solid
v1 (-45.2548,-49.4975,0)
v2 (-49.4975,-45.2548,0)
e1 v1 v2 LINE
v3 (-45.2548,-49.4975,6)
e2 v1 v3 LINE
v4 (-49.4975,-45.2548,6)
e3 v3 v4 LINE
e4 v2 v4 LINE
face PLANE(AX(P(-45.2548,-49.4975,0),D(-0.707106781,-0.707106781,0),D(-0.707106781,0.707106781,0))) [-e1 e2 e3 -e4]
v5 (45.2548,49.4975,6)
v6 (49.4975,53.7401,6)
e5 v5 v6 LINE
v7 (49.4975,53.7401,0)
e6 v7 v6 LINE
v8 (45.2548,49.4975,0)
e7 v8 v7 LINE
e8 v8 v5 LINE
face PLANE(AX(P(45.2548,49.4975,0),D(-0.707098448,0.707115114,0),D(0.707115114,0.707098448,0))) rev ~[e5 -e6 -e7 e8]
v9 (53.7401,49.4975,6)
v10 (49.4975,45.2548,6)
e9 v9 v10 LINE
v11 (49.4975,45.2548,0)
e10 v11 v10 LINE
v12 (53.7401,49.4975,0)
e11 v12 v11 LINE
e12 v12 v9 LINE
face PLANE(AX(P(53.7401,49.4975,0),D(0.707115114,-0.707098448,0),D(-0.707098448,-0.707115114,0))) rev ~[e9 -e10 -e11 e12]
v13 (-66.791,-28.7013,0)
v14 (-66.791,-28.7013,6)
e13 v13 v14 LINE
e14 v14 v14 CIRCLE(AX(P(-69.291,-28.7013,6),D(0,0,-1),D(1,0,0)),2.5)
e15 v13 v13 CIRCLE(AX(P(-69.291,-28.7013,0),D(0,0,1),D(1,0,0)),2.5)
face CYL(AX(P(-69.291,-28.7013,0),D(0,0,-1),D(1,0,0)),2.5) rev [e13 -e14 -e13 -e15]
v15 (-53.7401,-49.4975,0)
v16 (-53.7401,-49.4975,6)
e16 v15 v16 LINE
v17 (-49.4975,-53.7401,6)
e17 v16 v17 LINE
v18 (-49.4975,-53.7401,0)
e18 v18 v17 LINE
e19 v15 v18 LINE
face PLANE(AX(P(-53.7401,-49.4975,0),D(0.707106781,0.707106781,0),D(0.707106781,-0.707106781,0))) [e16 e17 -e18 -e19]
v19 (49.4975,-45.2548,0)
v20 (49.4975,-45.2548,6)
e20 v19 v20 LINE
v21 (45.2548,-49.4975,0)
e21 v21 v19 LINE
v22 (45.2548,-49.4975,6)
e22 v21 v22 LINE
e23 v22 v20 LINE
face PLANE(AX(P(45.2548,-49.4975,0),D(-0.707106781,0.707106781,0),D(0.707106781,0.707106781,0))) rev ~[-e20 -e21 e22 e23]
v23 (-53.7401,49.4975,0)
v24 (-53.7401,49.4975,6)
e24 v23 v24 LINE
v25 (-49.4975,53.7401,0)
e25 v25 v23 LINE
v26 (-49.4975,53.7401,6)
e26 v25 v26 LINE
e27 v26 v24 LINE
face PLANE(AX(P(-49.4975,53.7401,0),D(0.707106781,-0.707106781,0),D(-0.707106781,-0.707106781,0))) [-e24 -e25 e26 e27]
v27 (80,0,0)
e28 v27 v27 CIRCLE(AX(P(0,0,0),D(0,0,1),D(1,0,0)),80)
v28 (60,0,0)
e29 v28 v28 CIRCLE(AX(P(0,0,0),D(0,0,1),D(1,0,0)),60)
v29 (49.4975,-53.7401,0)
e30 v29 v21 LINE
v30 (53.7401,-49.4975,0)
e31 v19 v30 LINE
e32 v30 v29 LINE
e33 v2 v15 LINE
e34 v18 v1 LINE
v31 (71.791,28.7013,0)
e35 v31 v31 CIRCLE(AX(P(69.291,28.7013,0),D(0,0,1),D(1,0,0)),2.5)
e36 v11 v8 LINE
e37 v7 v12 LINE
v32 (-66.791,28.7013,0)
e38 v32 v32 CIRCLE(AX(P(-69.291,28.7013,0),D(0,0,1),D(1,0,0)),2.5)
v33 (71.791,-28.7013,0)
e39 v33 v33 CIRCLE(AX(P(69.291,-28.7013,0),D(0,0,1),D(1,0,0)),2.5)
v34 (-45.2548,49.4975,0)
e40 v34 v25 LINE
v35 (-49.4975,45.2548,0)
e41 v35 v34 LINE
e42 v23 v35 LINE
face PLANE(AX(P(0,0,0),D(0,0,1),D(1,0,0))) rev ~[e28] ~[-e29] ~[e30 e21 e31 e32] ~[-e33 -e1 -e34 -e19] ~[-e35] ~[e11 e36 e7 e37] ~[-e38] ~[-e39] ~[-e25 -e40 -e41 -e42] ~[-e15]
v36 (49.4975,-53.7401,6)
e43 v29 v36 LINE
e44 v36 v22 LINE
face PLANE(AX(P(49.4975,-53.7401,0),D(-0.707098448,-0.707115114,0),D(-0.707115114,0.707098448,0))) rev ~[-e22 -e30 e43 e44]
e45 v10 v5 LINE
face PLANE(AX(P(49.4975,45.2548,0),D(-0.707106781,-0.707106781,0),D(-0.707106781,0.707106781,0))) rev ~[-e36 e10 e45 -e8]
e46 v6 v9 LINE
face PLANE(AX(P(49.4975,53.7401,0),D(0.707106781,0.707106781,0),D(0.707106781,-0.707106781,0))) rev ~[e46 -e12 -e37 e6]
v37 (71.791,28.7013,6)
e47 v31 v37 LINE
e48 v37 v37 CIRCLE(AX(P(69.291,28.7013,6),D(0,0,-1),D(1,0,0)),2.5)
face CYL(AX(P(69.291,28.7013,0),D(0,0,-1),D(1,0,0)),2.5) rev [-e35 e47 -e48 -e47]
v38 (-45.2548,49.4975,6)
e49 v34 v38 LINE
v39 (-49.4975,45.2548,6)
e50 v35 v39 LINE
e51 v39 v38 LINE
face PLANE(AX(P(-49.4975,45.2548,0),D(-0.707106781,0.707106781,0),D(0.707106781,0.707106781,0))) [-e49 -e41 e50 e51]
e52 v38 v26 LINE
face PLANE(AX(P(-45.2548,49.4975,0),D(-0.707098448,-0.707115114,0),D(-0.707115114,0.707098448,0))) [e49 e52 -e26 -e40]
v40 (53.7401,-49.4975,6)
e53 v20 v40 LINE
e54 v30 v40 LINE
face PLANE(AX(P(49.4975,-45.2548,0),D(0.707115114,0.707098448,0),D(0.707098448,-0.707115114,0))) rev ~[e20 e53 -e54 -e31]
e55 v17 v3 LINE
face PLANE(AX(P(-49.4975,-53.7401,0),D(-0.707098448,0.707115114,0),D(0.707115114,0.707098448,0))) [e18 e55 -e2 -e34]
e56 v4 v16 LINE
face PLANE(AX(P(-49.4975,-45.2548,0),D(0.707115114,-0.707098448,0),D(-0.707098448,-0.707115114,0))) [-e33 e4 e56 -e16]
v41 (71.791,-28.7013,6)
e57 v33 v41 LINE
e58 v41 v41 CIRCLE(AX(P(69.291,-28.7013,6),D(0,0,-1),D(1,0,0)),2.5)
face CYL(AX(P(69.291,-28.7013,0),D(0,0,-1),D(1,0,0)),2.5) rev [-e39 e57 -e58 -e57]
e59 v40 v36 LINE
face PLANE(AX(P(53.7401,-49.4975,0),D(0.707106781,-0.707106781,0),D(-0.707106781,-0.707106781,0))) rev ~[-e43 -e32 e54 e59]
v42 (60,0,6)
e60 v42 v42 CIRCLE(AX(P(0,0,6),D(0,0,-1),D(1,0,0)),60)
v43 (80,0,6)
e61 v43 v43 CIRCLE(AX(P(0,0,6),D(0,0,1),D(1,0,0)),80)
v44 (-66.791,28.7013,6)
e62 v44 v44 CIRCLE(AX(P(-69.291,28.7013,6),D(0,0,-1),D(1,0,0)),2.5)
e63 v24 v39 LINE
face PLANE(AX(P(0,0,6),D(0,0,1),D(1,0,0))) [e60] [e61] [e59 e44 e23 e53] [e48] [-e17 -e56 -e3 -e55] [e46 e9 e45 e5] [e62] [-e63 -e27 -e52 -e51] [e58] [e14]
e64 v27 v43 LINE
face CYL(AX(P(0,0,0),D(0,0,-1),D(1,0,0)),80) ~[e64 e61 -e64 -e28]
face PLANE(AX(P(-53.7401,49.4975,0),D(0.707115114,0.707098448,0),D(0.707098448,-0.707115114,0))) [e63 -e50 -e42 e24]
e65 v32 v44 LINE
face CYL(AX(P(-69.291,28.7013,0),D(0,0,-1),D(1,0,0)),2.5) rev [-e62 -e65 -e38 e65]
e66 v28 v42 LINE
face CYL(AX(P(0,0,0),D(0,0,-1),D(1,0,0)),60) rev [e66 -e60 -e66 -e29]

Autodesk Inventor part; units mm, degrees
ref_plane "YZ Plane" through (0, 0, 0) normal (1, 0, 0) x (0, 1, 0)
ref_plane "XZ Plane" through (0, 0, 0) normal (0, 1, 0) x (-1, 0, 0)
ref_plane "XY Plane" through (0, 0, 0) normal (0, 0, 1) x (1, 0, 0)
sketch "Sketch1" plane through (0, 0, 0) normal (0, 0, 1) x (1, 0, 0)
  circle A0 centre (0, 0) radius 80
  circle A1 centre (0, 0) radius 60
  circle A2 centre (0, 0) radius 70 construction
  line L0 (0, 0) -> (-60, 0)
  line L1 (0, 0) -> (-73.9104, 30.6147) construction
  circle A3 centre (-64.6716, 26.7878) radius 2.5
  circle A4 centre (-64.6716, -26.7878) radius 2.5
  line L2 (0, 0) -> (0, 60)
  line L3 (0, 0) -> (-56.5685, 56.5685) construction
  line L4 (-53.7401, 49.4975) -> (-49.4975, 45.2548)
  line L5 (-49.4975, 45.2548) -> (-45.2548, 49.4975)
  line L6 (-45.2548, 49.4975) -> (-49.4975, 53.7401)
  line L7 (-49.4975, 53.7401) -> (-53.7401, 49.4975)
  line L8 (-53.7401, 49.4975) -> (-45.2548, 49.4975) construction
  line L9 (-49.4975, 45.2548) -> (-49.4975, 53.7401) construction
  line L10 (-49.4975, -45.2548) -> (-53.7401, -49.4975)
  line L11 (-45.2548, -49.4975) -> (-49.4975, -45.2548)
  line L12 (-45.2548, -49.4975) -> (-53.7401, -49.4975) construction
  line L13 (-49.4975, -53.7401) -> (-49.4975, -45.2548) construction
  line L14 (-53.7401, -49.4975) -> (-49.4975, -53.7401)
  line L15 (-49.4975, -53.7401) -> (-45.2548, -49.4975)
  circle A5 centre (0, 0) radius 70 construction
  circle A6 centre (64.6716, 26.7878) radius 2.5
  circle A7 centre (64.6716, -26.7878) radius 2.5
  line L16 (53.7401, 49.4975) -> (49.4975, 45.2548)
  line L17 (49.4975, 45.2548) -> (45.2548, 49.4975)
  line L18 (45.2548, 49.4975) -> (49.4975, 53.7401)
  line L19 (49.4975, 53.7401) -> (53.7401, 49.4975)
  line L20 (53.7401, 49.4975) -> (45.2548, 49.4975) construction
  line L21 (49.4975, 45.2548) -> (49.4975, 53.7401) construction
  line L22 (49.4975, -45.2548) -> (53.7401, -49.4975)
  line L23 (45.2548, -49.4975) -> (49.4975, -45.2548)
  line L24 (45.2548, -49.4975) -> (53.7401, -49.4975) construction
  line L25 (49.4975, -53.7401) -> (49.4975, -45.2548) construction
  line L26 (53.7401, -49.4975) -> (49.4975, -53.7401)
  line L27 (49.4975, -53.7401) -> (45.2548, -49.4975)
  circle A8 centre (-69.291, 28.7013) radius 2.5
  circle A9 centre (-69.291, -28.7013) radius 2.5
  circle A10 centre (-28.7013, -69.291) radius 2.5
  circle A11 centre (28.7013, -69.291) radius 2.5
  circle A12 centre (69.291, -28.7013) radius 2.5
  circle A13 centre (69.291, 28.7013) radius 2.5
  circle A14 centre (28.7013, 69.291) radius 2.5
  circle A15 centre (-28.7013, 69.291) radius 2.5
  point P0 (-49.4975, 49.4975)
  point P1 (-49.4975, 49.4975)
  point P2 (-49.4975, 49.4975)
  point P3 (-49.4975, -49.4975)
  point P4 (-49.4975, -49.4975)
  point P5 (-49.4975, -49.4975)
  point P6 (49.4975, 49.4975)
  point P7 (49.4975, 49.4975)
  point P8 (49.4975, 49.4975)
  point P9 (49.4975, -49.4975)
  point P10 (49.4975, -49.4975)
  point P11 (49.4975, -49.4975)
  dimension "d4" = 140
  dimension "d6" = 22.5
  dimension "d7" = 5
  dimension "d8" = 160
  dimension "d11" = 45
  dimension "d13" = 20
  dimension "d16" = 45
  dimension "d19" = 6
  dimension "d20" = 6
  dimension "d23" = 90
  dimension "d27" = 5
  dimension "d28" = 75
  dimension "d31" = 360
extrude "Extrusion1" add sketch "Sketch1" along normal blind 6 contours A0 | A3 | A4 | A6 | A7 | A10 | A11 | A14 | A15
equation "\"d20\" = d19"
properties part number "Front Ring New" material "Plywood, Finish"
